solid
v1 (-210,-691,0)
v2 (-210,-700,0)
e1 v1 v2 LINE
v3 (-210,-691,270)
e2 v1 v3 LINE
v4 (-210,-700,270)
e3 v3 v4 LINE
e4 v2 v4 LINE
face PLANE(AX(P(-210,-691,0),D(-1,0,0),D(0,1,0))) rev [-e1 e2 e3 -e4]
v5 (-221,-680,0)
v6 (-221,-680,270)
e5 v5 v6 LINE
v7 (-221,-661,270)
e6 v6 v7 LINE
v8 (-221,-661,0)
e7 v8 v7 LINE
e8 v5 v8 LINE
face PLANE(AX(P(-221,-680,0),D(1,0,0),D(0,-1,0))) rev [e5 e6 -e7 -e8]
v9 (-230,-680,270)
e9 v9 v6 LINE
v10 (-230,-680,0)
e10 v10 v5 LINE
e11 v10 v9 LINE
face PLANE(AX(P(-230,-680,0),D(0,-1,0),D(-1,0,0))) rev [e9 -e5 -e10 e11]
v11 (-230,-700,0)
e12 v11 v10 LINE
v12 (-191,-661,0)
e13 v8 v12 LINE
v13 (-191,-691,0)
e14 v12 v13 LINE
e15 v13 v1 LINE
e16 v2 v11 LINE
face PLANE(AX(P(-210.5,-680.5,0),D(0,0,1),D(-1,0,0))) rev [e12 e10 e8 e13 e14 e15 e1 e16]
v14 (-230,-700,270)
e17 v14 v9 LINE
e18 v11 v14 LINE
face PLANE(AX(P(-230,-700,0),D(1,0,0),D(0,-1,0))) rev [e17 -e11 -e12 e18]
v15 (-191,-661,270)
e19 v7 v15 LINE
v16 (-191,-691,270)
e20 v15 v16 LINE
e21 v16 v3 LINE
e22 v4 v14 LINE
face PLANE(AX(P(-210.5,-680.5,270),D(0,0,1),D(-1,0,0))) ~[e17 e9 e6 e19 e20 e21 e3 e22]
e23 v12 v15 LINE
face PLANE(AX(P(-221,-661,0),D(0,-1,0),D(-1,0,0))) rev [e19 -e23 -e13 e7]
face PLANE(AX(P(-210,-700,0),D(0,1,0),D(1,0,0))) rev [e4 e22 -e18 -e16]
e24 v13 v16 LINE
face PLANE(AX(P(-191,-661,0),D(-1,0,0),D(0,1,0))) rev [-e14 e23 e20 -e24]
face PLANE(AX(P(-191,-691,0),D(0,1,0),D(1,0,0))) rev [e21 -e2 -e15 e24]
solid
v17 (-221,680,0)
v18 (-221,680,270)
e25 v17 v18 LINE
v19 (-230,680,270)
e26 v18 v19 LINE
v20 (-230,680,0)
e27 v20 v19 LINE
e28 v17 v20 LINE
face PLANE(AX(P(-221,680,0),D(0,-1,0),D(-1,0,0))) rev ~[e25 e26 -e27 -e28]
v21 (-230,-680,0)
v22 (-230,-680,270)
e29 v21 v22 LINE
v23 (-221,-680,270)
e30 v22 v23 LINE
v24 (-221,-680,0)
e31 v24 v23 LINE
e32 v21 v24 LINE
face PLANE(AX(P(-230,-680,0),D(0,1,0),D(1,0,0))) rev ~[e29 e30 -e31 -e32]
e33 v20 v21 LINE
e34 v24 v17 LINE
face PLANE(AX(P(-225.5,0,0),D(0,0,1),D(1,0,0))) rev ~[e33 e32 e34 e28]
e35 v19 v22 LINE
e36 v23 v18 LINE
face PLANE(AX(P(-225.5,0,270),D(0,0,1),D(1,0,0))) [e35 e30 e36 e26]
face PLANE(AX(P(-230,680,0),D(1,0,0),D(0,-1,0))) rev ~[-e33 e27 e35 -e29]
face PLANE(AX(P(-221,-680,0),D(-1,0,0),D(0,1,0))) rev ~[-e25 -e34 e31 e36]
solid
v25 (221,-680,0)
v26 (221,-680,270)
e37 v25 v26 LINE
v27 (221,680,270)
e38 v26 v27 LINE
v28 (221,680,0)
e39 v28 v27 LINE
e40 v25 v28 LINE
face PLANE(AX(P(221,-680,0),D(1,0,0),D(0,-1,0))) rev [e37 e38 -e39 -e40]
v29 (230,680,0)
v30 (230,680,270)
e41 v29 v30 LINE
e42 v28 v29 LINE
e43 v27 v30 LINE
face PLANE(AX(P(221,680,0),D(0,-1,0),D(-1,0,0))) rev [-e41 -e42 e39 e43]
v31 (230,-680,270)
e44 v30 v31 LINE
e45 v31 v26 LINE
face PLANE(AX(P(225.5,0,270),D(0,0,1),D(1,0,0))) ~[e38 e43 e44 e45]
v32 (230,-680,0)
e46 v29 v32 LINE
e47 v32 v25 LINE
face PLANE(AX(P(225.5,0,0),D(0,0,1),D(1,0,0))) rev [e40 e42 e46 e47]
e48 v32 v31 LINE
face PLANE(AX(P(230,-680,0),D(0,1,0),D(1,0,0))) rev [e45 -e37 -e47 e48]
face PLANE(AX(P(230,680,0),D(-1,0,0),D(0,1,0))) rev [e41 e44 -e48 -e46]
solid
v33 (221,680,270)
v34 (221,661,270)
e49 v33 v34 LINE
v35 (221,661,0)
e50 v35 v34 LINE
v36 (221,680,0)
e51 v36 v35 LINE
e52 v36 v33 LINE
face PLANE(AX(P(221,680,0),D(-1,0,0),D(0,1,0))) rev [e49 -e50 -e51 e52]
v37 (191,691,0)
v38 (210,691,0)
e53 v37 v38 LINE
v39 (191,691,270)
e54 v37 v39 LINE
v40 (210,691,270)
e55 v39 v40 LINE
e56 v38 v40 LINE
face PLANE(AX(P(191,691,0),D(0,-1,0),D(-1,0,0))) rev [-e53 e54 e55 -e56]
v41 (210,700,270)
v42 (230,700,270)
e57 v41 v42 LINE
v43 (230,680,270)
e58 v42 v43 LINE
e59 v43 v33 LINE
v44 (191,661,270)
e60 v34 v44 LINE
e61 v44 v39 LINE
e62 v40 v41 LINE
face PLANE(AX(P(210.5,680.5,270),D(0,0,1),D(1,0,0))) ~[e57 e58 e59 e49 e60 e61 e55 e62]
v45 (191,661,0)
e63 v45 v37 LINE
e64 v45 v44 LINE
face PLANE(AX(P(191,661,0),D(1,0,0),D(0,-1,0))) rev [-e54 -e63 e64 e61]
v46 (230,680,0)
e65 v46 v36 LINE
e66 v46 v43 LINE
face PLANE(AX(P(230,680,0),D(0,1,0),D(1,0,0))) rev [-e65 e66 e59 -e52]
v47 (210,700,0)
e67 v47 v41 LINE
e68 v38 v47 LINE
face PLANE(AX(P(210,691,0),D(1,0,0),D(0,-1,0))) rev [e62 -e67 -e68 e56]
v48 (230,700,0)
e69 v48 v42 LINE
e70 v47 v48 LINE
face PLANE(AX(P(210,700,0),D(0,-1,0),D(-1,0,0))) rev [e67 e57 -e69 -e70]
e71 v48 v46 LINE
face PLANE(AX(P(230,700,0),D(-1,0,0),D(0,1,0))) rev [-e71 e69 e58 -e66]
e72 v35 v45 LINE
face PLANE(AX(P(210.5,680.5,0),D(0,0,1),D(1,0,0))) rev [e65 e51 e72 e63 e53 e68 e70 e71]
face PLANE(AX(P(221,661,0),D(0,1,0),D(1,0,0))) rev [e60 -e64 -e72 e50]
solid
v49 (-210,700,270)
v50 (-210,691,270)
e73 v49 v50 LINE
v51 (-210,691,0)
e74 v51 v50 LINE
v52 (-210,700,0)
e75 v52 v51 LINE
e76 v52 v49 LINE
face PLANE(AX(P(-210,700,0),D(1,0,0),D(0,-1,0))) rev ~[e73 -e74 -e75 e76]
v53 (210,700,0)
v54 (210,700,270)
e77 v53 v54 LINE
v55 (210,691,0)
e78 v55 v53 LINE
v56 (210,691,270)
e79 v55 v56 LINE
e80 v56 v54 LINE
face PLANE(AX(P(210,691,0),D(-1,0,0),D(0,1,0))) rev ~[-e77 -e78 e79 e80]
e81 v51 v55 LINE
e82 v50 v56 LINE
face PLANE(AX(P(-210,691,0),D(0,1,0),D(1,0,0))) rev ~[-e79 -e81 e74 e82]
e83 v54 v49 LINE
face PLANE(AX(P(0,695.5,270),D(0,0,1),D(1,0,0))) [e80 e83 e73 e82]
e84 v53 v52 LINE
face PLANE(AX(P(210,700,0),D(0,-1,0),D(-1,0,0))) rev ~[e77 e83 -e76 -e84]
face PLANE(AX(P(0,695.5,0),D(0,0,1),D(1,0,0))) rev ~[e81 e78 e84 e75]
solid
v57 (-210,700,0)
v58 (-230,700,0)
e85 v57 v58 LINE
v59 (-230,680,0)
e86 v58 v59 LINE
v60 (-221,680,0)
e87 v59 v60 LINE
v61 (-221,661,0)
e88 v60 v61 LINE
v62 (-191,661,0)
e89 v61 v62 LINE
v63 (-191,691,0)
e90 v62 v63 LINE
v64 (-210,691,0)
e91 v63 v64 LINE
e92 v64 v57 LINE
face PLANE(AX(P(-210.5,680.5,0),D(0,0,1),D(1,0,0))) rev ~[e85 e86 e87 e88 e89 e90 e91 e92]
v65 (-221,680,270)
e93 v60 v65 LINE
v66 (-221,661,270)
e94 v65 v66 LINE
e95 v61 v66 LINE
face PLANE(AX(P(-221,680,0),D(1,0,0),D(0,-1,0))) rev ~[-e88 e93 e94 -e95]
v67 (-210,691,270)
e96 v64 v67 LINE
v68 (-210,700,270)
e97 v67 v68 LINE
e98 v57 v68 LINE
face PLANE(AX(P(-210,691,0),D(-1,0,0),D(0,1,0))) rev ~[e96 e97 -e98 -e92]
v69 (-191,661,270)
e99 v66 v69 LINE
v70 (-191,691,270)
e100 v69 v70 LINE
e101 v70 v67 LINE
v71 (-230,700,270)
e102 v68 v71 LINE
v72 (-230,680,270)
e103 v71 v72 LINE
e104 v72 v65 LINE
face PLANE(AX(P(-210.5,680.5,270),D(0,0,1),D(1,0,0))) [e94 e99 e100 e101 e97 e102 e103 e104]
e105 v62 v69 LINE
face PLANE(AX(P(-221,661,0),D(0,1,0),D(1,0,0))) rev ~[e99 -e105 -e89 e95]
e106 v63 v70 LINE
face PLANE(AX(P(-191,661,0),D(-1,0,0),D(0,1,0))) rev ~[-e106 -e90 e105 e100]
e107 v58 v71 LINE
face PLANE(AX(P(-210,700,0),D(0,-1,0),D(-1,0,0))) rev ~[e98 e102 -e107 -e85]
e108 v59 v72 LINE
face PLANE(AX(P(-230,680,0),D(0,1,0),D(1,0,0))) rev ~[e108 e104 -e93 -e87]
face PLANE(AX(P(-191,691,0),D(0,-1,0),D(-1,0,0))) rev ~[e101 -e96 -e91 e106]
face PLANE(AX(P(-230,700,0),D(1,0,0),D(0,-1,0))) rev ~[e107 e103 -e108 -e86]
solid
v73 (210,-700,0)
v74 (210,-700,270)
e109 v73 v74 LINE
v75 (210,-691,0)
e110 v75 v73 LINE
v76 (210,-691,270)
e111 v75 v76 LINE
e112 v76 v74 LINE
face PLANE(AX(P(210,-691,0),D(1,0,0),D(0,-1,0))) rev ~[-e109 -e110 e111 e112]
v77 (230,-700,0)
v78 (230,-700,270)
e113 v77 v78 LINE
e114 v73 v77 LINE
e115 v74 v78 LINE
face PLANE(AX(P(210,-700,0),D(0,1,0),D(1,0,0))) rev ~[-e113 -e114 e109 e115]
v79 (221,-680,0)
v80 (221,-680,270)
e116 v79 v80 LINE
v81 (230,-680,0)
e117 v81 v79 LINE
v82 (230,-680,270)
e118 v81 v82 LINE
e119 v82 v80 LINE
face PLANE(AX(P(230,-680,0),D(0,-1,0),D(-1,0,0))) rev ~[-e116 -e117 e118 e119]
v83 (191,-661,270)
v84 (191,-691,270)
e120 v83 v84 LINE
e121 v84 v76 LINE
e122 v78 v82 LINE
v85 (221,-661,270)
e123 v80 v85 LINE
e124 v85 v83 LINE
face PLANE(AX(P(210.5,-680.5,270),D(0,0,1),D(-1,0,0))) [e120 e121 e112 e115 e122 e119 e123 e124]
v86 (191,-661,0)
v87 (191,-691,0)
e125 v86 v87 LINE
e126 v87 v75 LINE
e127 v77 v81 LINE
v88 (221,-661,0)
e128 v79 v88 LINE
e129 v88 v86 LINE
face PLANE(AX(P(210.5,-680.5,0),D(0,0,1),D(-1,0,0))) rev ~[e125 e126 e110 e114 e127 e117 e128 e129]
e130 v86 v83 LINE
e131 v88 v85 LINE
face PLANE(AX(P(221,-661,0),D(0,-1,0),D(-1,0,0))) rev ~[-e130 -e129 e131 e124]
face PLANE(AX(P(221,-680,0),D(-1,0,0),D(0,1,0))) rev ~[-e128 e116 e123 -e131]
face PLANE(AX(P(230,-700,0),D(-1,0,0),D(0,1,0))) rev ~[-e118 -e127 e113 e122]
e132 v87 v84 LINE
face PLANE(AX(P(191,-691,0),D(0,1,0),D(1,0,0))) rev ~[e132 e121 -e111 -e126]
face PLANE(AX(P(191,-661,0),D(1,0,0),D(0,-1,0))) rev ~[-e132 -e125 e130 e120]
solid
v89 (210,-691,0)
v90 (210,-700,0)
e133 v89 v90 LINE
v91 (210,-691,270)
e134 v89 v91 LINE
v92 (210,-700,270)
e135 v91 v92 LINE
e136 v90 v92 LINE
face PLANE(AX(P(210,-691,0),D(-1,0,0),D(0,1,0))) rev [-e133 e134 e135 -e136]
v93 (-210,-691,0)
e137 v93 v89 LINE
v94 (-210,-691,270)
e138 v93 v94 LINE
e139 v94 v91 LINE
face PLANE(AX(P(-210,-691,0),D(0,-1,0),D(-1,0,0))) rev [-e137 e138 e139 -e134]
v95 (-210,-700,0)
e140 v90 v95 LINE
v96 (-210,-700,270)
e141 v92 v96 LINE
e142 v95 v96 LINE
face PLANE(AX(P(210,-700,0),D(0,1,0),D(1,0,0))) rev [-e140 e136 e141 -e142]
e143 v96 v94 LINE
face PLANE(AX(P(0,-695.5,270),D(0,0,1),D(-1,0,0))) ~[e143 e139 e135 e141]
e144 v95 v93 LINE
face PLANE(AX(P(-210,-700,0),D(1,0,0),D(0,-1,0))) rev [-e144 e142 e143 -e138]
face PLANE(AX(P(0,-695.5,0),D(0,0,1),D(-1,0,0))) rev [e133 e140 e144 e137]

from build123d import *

# Parameters (mm, degrees)
F2_DEPTH = 270
F5_DEPTH = 270
F7_DEPTH = 270


with BuildPart() as f2:
    # F0 (on Top) → F2 (new body)
    with BuildSketch(Plane.XY):
        Polygon((-210, 700), (-230, 700), (-230, 680), (-221, 680), (-221, 661), (-191, 661), (-191, 691), (-210, 691), align=None)
    extrude(amount=F2_DEPTH)


with BuildPart() as f3_1:
    # F3: instance of F2
    add(f2.part.mirror(Plane.YZ))


with BuildPart() as f4_1:
    # F4: instance of F2
    add(f2.part.mirror(Plane.XZ))


with BuildPart() as f4_2:
    # F4: instance of F3_1
    add(f3_1.part.mirror(Plane.XZ))


with BuildPart() as f5:
    # F0 (on Top) → F5 (new body)
    with BuildSketch(Plane.XY):
        Polygon((-221, 680), (-230, 680), (-230, -680), (-221, -680), (-221, -661), (-221, 661), align=None)
    extrude(amount=F5_DEPTH)


with BuildPart() as f6_1:
    # F6: instance of F5
    add(f5.part.mirror(Plane.YZ))


with BuildPart() as f7:
    # F0 (on Top) → F7 (new body)
    with BuildSketch(Plane.XY):
        Polygon((210, 700), (-210, 700), (-210, 691), (-191, 691), (191, 691), (210, 691), align=None)
    extrude(amount=F7_DEPTH)


with BuildPart() as f8_1:
    # F8: instance of F7
    add(f7.part.mirror(Plane.XZ))


solid = Compound([f2.part, f3_1.part, f4_1.part, f4_2.part, f5.part, f6_1.part, f7.part, f8_1.part])
